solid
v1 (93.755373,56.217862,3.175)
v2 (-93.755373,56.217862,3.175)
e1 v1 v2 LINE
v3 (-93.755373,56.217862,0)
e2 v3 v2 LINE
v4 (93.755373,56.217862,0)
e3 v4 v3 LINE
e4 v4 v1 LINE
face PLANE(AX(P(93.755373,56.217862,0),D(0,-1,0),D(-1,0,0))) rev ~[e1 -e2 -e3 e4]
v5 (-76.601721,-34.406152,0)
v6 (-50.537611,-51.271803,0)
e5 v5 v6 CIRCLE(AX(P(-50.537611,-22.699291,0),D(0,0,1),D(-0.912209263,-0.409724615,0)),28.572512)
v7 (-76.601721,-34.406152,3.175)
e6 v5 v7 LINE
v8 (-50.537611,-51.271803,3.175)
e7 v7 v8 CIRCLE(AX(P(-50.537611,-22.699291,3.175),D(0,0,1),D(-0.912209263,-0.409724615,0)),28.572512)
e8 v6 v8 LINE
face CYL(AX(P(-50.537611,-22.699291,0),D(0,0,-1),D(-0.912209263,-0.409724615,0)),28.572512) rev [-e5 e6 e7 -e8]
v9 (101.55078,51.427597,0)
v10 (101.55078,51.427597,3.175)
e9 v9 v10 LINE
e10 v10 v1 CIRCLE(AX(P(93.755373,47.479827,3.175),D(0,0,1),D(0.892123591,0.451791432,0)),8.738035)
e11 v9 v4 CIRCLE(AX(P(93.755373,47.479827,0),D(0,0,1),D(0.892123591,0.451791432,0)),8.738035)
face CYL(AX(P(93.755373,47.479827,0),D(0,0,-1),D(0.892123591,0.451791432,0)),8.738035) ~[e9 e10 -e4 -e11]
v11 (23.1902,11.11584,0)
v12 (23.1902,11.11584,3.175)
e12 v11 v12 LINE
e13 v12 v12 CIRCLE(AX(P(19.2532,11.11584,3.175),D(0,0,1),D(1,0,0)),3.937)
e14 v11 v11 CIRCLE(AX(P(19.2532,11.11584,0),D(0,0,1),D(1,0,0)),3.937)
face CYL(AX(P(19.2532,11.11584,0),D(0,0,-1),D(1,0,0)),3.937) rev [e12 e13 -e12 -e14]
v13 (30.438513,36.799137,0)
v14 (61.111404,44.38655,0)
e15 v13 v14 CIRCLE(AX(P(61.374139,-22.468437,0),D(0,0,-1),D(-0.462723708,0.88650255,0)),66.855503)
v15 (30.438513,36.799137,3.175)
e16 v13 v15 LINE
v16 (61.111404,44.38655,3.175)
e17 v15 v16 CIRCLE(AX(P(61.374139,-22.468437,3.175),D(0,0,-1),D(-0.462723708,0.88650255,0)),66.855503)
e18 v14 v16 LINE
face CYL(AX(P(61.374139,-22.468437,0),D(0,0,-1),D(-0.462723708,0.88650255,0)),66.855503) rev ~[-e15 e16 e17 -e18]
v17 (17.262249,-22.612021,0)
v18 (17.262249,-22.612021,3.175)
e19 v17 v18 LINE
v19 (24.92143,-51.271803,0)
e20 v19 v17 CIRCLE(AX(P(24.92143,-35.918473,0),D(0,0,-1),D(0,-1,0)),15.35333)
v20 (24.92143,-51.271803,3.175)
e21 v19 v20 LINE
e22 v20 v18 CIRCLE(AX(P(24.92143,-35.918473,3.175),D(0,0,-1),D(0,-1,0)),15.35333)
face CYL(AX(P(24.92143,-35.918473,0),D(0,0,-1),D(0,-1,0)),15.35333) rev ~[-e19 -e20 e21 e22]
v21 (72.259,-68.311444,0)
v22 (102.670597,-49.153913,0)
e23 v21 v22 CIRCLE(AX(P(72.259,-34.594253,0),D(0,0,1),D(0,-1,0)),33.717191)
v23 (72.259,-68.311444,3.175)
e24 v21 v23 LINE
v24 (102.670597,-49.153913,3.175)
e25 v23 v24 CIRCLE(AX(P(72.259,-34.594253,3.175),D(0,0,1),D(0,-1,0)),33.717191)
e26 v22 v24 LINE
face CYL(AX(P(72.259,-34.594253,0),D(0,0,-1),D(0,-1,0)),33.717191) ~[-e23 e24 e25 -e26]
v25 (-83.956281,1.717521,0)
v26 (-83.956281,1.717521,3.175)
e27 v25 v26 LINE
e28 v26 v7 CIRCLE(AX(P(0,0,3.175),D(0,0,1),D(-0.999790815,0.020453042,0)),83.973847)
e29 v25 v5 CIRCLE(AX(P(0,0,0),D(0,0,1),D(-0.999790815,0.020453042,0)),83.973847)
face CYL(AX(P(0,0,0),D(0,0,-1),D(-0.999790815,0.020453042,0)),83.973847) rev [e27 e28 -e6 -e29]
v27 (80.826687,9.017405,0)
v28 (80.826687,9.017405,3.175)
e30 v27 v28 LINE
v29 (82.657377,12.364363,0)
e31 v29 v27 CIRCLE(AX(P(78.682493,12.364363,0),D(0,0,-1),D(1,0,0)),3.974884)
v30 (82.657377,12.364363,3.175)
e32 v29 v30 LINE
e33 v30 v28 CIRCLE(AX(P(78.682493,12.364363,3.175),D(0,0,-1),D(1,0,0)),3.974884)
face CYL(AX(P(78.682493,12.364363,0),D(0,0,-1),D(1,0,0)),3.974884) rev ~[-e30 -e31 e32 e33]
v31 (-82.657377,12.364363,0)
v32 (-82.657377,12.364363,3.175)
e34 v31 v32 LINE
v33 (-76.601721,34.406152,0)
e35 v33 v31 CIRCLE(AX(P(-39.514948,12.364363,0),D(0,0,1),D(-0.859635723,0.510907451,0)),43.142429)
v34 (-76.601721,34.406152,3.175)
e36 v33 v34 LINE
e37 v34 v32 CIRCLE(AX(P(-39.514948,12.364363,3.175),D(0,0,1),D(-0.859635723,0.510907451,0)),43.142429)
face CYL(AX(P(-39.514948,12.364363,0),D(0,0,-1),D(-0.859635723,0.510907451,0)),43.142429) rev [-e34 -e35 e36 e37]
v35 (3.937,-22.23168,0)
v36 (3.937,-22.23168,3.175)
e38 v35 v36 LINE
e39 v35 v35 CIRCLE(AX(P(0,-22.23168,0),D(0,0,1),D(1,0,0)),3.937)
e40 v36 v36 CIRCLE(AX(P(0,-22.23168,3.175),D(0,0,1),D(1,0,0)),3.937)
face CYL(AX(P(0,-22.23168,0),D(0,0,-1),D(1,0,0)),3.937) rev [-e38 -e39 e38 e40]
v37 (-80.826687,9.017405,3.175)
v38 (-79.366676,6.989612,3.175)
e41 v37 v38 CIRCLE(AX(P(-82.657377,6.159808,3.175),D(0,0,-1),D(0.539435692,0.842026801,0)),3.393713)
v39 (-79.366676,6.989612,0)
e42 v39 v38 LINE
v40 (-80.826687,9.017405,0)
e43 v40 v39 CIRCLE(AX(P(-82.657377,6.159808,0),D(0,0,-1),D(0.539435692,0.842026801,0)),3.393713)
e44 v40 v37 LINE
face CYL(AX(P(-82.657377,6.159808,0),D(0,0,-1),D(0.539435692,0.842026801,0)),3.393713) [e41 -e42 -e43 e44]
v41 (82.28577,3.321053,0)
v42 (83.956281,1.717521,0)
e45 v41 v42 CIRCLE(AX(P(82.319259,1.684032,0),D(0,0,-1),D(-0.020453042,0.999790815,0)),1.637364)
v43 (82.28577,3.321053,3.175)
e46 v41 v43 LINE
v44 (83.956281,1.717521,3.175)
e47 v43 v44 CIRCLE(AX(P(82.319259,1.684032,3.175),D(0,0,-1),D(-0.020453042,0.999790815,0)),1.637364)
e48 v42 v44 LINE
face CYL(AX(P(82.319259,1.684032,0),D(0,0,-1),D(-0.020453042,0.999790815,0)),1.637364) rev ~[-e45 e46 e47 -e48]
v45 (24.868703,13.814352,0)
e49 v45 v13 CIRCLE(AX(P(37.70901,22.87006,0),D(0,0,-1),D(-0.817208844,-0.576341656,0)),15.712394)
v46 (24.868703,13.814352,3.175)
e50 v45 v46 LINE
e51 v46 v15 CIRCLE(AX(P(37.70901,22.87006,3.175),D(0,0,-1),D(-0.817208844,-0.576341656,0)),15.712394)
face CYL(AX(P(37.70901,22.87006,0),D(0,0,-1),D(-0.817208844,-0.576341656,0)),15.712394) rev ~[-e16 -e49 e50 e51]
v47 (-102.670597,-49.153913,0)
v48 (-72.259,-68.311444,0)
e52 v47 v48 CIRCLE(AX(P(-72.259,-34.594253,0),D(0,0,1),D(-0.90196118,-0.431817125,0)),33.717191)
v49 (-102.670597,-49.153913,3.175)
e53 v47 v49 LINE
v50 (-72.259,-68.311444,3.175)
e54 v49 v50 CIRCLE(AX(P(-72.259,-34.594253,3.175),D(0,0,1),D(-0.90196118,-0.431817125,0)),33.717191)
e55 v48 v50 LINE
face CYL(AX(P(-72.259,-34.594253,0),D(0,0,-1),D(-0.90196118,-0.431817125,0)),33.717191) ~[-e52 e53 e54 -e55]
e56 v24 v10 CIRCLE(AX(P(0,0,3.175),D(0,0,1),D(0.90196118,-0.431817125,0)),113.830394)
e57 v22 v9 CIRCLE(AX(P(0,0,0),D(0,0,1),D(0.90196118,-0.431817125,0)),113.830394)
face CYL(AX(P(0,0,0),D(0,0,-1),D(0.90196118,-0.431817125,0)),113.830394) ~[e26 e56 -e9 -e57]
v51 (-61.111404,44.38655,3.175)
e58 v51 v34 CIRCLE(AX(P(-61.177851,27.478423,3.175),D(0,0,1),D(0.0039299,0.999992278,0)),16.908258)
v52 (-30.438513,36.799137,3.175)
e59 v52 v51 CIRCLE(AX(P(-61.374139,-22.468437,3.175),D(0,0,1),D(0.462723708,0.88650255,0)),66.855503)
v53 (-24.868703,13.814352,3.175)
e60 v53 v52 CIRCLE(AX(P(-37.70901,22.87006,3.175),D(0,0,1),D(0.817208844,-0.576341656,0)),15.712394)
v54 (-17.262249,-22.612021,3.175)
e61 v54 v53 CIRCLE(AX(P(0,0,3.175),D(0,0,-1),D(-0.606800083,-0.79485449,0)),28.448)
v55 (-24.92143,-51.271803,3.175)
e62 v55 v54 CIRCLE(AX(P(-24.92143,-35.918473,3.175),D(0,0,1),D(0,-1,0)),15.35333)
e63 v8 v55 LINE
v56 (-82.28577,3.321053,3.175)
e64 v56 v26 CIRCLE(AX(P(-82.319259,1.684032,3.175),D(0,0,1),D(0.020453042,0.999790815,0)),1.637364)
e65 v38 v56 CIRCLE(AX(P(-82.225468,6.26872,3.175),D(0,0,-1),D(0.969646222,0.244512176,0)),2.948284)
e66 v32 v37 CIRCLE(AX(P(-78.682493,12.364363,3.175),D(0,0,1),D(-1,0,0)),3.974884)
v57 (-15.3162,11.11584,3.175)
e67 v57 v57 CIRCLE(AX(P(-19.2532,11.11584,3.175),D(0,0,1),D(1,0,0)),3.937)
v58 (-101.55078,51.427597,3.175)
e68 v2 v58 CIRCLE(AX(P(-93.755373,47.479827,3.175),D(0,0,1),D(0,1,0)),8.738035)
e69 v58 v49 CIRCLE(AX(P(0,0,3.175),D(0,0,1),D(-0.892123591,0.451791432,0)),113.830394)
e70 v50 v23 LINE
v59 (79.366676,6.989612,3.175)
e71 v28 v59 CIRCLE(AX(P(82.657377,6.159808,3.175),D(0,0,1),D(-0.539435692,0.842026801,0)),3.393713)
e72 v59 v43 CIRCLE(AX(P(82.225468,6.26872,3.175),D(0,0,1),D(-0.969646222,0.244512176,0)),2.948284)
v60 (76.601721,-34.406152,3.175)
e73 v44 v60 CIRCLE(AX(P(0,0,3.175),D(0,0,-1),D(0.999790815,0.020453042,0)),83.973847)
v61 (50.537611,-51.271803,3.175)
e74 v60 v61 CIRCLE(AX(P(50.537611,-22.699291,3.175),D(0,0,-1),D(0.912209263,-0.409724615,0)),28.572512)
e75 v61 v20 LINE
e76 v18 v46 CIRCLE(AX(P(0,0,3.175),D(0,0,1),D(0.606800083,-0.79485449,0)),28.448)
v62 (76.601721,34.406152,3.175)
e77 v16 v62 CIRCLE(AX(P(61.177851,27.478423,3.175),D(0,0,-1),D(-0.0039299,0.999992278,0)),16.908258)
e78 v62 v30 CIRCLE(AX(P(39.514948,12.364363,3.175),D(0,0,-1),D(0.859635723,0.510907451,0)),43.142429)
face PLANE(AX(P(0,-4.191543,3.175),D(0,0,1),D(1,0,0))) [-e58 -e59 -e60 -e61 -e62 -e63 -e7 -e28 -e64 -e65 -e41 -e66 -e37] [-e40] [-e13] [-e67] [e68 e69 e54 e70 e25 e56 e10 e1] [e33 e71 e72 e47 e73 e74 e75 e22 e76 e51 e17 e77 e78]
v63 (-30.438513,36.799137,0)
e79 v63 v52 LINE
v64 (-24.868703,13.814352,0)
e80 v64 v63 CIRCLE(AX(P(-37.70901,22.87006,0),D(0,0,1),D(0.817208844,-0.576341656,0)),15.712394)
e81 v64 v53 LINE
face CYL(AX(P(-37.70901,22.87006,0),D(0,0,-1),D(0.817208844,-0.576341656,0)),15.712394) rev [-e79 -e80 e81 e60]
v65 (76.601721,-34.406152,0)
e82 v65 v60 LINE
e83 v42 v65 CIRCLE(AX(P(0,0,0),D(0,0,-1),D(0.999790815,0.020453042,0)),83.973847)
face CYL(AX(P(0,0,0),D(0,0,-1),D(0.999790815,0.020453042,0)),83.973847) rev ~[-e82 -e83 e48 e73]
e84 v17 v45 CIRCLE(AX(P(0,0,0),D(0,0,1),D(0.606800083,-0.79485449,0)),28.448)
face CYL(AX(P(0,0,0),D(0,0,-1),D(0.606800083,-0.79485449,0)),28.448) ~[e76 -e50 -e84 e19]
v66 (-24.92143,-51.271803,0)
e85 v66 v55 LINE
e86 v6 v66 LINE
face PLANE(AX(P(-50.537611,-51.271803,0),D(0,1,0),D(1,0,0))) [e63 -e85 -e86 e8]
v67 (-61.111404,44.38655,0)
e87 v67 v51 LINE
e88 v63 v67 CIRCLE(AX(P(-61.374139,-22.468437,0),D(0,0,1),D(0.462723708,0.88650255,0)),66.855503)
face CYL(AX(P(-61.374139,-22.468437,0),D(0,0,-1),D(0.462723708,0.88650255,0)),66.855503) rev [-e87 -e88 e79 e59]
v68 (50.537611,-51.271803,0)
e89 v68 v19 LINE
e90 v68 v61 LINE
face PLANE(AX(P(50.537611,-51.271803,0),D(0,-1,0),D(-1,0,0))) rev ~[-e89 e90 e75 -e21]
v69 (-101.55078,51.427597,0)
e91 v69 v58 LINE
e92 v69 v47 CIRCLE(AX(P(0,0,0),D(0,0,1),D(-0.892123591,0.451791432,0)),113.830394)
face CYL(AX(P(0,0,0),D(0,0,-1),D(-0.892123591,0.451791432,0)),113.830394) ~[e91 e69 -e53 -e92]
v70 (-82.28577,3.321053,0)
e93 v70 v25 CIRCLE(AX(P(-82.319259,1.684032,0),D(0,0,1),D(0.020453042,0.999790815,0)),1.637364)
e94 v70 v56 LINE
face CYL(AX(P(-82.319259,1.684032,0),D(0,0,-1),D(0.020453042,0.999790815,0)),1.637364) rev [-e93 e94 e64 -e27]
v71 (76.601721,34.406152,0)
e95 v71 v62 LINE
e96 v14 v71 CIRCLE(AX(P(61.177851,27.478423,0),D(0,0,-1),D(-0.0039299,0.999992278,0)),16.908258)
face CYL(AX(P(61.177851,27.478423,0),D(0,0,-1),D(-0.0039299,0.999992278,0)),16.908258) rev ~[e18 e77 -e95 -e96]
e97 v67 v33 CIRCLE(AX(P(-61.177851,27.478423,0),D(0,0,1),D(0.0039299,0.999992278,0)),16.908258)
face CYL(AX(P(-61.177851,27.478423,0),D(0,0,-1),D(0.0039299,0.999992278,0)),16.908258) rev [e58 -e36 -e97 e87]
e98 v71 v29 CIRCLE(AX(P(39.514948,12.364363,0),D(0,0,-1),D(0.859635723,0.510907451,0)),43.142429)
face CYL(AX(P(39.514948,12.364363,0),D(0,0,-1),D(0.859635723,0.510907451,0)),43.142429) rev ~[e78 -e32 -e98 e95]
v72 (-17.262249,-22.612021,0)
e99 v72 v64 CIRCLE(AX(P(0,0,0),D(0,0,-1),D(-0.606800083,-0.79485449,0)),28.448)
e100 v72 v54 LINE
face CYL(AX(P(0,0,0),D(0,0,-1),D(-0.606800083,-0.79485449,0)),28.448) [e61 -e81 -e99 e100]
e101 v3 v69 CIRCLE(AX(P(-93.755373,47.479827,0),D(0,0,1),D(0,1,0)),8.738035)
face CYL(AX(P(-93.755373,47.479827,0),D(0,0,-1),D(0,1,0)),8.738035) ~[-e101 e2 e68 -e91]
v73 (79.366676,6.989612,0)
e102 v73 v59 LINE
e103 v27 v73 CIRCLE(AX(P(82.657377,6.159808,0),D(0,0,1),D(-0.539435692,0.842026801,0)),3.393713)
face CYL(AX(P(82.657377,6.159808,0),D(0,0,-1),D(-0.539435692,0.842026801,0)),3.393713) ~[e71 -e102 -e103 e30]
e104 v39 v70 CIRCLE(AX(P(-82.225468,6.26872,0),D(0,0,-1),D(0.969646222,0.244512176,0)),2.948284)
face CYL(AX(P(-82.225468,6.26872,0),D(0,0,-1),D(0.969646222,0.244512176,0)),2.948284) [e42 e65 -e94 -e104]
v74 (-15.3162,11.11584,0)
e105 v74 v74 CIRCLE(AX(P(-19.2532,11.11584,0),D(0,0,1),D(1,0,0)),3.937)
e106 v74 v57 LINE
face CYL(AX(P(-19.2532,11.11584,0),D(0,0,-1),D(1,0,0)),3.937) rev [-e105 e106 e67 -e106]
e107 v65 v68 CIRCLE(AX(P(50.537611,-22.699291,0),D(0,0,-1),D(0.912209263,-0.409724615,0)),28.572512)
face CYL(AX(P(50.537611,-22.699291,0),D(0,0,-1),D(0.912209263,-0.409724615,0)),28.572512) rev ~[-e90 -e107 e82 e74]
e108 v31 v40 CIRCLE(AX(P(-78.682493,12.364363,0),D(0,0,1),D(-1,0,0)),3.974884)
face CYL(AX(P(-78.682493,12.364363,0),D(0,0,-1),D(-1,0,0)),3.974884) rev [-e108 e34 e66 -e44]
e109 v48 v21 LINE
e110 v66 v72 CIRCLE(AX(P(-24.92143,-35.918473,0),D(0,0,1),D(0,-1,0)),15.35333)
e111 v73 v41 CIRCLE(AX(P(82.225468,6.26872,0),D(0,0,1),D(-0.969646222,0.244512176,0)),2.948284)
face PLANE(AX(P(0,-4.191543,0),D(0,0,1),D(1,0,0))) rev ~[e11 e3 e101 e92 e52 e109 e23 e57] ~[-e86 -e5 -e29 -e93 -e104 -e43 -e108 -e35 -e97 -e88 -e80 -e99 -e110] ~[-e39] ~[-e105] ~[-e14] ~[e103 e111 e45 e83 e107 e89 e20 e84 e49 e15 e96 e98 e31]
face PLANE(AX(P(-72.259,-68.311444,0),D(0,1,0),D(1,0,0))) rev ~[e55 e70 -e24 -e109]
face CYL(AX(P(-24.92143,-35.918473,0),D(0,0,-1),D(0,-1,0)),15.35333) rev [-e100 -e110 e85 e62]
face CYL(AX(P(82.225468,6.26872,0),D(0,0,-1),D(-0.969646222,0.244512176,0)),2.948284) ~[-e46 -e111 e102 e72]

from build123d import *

# Parameters (mm, degrees)
SKETCH1_R           = 3.937
BOSS_EXTRUDE1_DEPTH = 3.175


with BuildPart() as part:
    # Sketch1 → Boss-Extrude1 (new body)
    with BuildSketch(Plane.XY):
        with BuildLine():
            Line((93.755372783, 56.217862378), (-93.755372783, 56.217862378))
            ThreePointArc((-93.755372783, 56.217862378), (-98.330168366, 54.924590712), (-101.550779975, 51.427596704))
            ThreePointArc((-101.550779975, 51.427596704), (-113.823339918, 1.267243548), (-102.670596612, -49.153913451))
            ThreePointArc((-102.670596612, -49.153913451), (-90.230339267, -63.122833424), (-72.258999564, -68.311443769))
            Line((-72.258999564, -68.311443769), (72.258999564, -68.311443769))
            ThreePointArc((72.258999564, -68.311443769), (90.230339267, -63.122833424), (102.670596612, -49.153913451))
            ThreePointArc((102.670596612, -49.153913451), (113.823339918, 1.267243548), (101.550779975, 51.427596704))
            ThreePointArc((101.550779975, 51.427596704), (98.330168366, 54.924590712), (93.755372783, 56.217862378))
        make_face()
        with Locations((0, -22.231680406)):
            Circle(SKETCH1_R, mode=Mode.SUBTRACT)
        with Locations((-19.2532, 11.115840203)):
            Circle(SKETCH1_R, mode=Mode.SUBTRACT)
        with Locations((19.2532, 11.115840203)):
            Circle(SKETCH1_R, mode=Mode.SUBTRACT)
        with BuildLine():
            Line((50.537610963, -51.271802519), (24.921430241, -51.271802519))
            ThreePointArc((24.921430241, -51.271802519), (10.088644213, -39.88245969), (17.262248757, -22.612020516))
            ThreePointArc((17.262248757, -22.612020516), (27.847341492, -5.815004372), (24.868702617, 13.81435247))
            ThreePointArc((24.868702617, 13.81435247), (22.438574631, 26.570482702), (30.438512771, 36.799137076))
            ThreePointArc((30.438512771, 36.799137076), (45.320271887, 42.430959459), (61.111403686, 44.386549975))
            ThreePointArc((61.111403686, 44.386549975), (70.335617903, 41.69195489), (76.601720977, 34.406152063))
            ThreePointArc((76.601720977, 34.406152063), (81.115925355, 23.793617751), (82.657376867, 12.364363491))
            ThreePointArc((82.657376867, 12.364363491), (82.169800307, 10.456907156), (80.826687149, 9.017404598))
            ThreePointArc((80.826687149, 9.017404598), (79.903262527, 8.142769936), (79.366676242, 6.98961167))
            ThreePointArc((79.366676242, 6.98961167), (79.918421039, 4.432989113), (82.285769804, 3.321053391))
            ThreePointArc((82.285769804, 3.321053391), (83.453127799, 2.865261142), (83.956280763, 1.717520598))
            ThreePointArc((83.956280763, 1.717520598), (82.285769804, -16.752881668), (76.601720977, -34.406152063))
            ThreePointArc((76.601720977, -34.406152063), (66.06007852, -46.687651069), (50.537610963, -51.271802519))
        make_face(mode=Mode.SUBTRACT)
        with BuildLine():
            Line((-50.537610963, -51.271802519), (-24.921430241, -51.271802519))
            ThreePointArc((-24.921430241, -51.271802519), (-10.088644213, -39.88245969), (-17.262248757, -22.612020516))
            ThreePointArc((-17.262248757, -22.612020516), (-27.847341492, -5.815004372), (-24.868702617, 13.81435247))
            ThreePointArc((-24.868702617, 13.81435247), (-22.438574631, 26.570482702), (-30.438512771, 36.799137076))
            ThreePointArc((-30.438512771, 36.799137076), (-45.320271887, 42.430959459), (-61.111403686, 44.386549975))
            ThreePointArc((-61.111403686, 44.386549975), (-70.335617903, 41.69195489), (-76.601720977, 34.406152063))
            ThreePointArc((-76.601720977, 34.406152063), (-81.115925355, 23.793617751), (-82.657376867, 12.364363491))
            ThreePointArc((-82.657376867, 12.364363491), (-82.169800307, 10.456907156), (-80.826687149, 9.017404598))
            ThreePointArc((-80.826687149, 9.017404598), (-79.903262527, 8.142769936), (-79.366676242, 6.98961167))
            ThreePointArc((-79.366676242, 6.98961167), (-79.918421039, 4.432989113), (-82.285769804, 3.321053391))
            ThreePointArc((-82.285769804, 3.321053391), (-83.453127799, 2.865261142), (-83.956280763, 1.717520598))
            ThreePointArc((-83.956280763, 1.717520598), (-82.285769804, -16.752881668), (-76.601720977, -34.406152063))
            ThreePointArc((-76.601720977, -34.406152063), (-66.06007852, -46.687651069), (-50.537610963, -51.271802519))
        make_face(mode=Mode.SUBTRACT)
    extrude(amount=BOSS_EXTRUDE1_DEPTH)


solid = part.part
